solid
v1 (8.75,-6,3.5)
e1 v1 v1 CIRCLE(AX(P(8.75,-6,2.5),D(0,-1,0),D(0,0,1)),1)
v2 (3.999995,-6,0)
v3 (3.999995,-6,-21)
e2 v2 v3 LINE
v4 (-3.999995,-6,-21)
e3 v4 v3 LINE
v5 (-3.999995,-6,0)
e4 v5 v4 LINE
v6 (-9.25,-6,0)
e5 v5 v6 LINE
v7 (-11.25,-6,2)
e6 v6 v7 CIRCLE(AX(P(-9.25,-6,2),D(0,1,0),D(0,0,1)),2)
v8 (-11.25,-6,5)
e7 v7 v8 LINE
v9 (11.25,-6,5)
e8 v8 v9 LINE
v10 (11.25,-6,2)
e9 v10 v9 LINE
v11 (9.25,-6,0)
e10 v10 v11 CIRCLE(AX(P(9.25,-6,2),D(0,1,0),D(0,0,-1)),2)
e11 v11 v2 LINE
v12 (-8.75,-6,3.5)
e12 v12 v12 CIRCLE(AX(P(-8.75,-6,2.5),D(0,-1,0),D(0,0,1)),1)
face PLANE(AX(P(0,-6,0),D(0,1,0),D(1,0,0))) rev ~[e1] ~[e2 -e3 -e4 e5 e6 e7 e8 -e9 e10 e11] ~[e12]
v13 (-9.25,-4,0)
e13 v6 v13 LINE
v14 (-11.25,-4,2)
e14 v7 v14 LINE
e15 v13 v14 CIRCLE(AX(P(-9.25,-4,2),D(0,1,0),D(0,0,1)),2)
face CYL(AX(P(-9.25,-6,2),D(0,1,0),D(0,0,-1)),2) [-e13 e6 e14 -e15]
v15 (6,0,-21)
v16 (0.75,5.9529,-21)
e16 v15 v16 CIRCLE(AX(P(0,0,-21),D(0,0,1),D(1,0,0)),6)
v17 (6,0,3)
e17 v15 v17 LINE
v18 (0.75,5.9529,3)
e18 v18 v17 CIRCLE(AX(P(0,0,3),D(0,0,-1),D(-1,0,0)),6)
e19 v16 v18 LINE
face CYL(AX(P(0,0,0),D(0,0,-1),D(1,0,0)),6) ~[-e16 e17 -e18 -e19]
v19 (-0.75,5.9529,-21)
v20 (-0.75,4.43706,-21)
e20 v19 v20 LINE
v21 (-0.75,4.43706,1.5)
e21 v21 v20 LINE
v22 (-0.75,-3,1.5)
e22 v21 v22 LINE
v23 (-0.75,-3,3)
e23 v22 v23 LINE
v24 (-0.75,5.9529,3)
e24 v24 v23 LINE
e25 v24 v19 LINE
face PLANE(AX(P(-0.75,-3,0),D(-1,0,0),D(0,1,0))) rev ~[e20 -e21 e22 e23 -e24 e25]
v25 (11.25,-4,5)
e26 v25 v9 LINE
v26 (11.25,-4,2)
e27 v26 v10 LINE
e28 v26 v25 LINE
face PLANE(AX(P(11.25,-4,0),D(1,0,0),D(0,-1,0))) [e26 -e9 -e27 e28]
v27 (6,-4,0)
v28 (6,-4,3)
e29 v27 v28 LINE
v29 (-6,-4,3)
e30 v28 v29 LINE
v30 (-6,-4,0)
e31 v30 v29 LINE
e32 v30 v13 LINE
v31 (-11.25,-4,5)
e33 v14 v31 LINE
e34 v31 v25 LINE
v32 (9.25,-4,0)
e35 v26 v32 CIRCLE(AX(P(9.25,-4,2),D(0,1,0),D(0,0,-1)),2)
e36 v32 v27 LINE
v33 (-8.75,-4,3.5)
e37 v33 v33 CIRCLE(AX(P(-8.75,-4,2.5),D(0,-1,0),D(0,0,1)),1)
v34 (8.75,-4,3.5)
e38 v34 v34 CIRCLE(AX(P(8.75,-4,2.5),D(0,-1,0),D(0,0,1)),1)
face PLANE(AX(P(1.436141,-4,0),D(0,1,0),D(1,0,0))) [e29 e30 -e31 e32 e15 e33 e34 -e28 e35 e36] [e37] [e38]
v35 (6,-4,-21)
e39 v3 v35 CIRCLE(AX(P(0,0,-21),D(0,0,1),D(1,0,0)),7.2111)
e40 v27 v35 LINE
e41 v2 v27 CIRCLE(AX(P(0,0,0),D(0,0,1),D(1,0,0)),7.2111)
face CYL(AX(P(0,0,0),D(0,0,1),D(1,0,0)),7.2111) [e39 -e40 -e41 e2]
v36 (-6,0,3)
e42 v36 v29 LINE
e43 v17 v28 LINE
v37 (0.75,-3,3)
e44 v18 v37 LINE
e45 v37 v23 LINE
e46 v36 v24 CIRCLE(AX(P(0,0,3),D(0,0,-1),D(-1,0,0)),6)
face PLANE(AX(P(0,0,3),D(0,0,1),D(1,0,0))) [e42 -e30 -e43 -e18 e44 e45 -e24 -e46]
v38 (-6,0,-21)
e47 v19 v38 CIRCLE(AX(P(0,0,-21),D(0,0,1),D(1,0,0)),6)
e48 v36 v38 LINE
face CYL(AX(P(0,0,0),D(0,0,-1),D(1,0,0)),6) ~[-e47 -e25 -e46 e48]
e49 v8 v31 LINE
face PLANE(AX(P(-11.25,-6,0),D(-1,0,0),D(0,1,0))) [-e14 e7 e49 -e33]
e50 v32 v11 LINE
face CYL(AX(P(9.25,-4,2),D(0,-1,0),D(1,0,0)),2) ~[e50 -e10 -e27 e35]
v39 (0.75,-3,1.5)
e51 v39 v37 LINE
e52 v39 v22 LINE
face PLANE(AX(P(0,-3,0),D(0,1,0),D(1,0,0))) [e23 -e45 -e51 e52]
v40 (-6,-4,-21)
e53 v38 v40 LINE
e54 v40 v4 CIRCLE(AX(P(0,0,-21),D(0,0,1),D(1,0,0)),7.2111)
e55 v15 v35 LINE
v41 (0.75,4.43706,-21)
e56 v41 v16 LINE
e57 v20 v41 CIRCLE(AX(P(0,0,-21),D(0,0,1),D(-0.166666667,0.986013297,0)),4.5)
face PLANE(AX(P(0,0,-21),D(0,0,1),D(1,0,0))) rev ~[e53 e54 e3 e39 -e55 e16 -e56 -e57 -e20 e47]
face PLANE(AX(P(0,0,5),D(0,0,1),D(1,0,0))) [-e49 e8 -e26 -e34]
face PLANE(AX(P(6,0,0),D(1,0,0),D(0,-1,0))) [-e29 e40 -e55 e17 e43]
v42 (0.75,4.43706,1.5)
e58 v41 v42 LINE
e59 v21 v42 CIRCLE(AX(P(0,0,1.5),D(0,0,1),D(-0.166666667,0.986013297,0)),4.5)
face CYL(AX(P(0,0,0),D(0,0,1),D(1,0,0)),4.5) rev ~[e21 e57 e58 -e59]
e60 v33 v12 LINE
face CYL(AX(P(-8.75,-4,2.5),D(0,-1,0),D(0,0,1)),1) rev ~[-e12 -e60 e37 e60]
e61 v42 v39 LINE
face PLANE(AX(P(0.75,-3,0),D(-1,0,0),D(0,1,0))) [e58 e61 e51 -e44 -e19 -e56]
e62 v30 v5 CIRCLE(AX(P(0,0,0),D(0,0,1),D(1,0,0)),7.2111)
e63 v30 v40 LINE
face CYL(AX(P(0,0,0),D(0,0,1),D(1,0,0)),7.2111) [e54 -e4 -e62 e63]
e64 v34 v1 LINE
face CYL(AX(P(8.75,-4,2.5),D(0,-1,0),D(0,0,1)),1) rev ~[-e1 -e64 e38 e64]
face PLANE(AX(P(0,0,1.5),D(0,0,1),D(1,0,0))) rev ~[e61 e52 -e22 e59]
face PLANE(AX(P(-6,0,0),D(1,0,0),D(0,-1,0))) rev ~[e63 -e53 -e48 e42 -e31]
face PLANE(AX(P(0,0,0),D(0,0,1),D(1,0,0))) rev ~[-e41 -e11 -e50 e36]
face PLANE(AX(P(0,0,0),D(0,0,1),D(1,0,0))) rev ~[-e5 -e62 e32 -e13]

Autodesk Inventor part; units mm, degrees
ref_plane "YZ Plane" through (0, 0, 0) normal (1, 0, 0) x (0, 1, 0)
ref_plane "XZ Plane" through (0, 0, 0) normal (0, 1, 0) x (-1, 0, 0)
ref_plane "XY Plane" through (0, 0, 0) normal (0, 0, 1) x (1, 0, 0)
sketch "スケッチ1" plane through (0, 0, 0) normal (0, 0, 1) x (1, 0, 0)
  circle A0 centre (0, 0) radius 4.25
  circle A1 centre (0, 0) radius 4.5
  circle A2 centre (0, 0) radius 5
  line L0 (0, -5) -> (0, -6)
  line L1 (0, -6) -> (8.75, -6)
  line L2 (8.75, -6) -> (-8.75, -6)
  line L3 (0, -6) -> (11.25, -6)
  line L4 (11.25, -6) -> (-11.25, -6)
  line L5 (-11.25, -6) -> (-11.25, -4)
  line L6 (-11.25, -4) -> (11.25, -4)
  line L7 (11.25, -4) -> (11.25, -6)
  circle A3 centre (0, 0) radius 6
  line L8 (-6, 0) -> (-6, -4)
  line L9 (6, 0) -> (6, -4)
  circle A4 centre (0, 0) radius 7.2111
  line L10 (0, 0) -> (0, -3)
  line L11 (0, -3) -> (0, 7.2111)
  line L12 (0, -3) -> (0.75, -3)
  line L13 (0.75, -3) -> (-0.75, -3)
  line L14 (-0.75, -3) -> (-0.75, 5.9529)
  line L15 (0.75, -3) -> (0.75, 5.9529)
  point P0 (4.4721, -4)
  point P1 (-4.4721, -4)
  point P2 (4, -6)
  point P3 (-4, -6)
  point P4 (-0.75, 4.4371)
  point P5 (0.75, 4.4371)
  dimension "d2" = 10
  dimension "d0" = 8.5
  dimension "d1" = 9
  dimension "d3" = 1
  dimension "d4" = 8.75
  dimension "d5" = 17.5
  dimension "d6" = 11.25
  dimension "d7" = 22.5
  dimension "d8" = 2
  dimension "d9" = 12
  dimension "d18" = 3
  dimension "d19" = 0.75
  dimension "d20" = 1.5
extrude "押し出し1" add sketch "スケッチ1" along normal blind 5 contours L6 A1 A0 | A0 L6 | L6 A2 A1 | L6 A3 L0 A2 | A2 L0 A3 L6 | L6 A4 L1 A3 | A3 L2 A4 L6 | L6 L7 L3 L1 A4 | A4 L2 L4 L5 L6
extrude "押し出し2" add sketch "スケッチ1" along normal blind 3 contours A0 L6 L14 L13 L12 L15 | A0 L15 A1 L6 | L15 L12 L10 L11 A0 | A0 L11 A1 L15 | L6 A1 A0 | A0 L6 | L11 L10 L13 L14 A0 | A0 L14 A1 L11 | L15 A2 L6 A1 | A1 L11 A2 L15 | L6 A1 L14 A0 | L6 A2 A1 | A1 L14 A2 L11 | L15 A3 L6 A2 | A2 L11 A3 L15 | L6 A2 L14 A1 | L6 A3 L0 A2 | A2 L14 A3 L11 | L6 A3 L14 A2 | A2 L0 A3 L6 | A3 L9 L6 | L6 L8 A3
extrude "押し出し3" add sketch "スケッチ1" against normal blind 21 contours L15 A2 L6 A1 | A1 L11 A2 L15 | L6 A2 A1 | A1 L14 A2 L11 | L15 A3 L6 A2 | A2 L11 A3 L15 | L6 A2 L14 A1 | L6 A3 L0 A2 | A2 L14 A3 L11 | L6 A3 L14 A2 | A2 L0 A3 L6 | A3 L9 L6 | L6 A4 L1 A3 | A3 L2 A4 L6 | L6 L8 A3
extrude "押し出し4" cut sketch "スケッチ1" along normal blind 1.5 contours A0 L6 L14 L13 L12 L15 | A0 L15 A1 L6 | L15 L12 L10 L11 A0 | A0 L11 A1 L15 | L6 A1 A0 | A0 L6 | L11 L10 L13 L14 A0 | A0 L14 A1 L11 | L6 A1 L14 A0
extrude "押し出し5" cut sketch "スケッチ1" along normal blind 3 contours L15 L12 L10 L11 A0 | A0 L11 A1 L15 | L11 L10 L13 L14 A0 | A0 L14 A1 L11 | A1 L11 A2 L15 | A1 L14 A2 L11 | A2 L11 A3 L15 | A2 L14 A3 L11
extrude "押し出し6" cut sketch "スケッチ1" against normal blind 21 contours A1 L11 A2 L15 | A1 L14 A2 L11 | A2 L11 A3 L15 | A2 L14 A3 L11
sketch "スケッチ2" plane through (-11.25, -4, 5) normal (0, 1, 0) x (1, 0, 0)
  line L0 (22.5, 0) -> (0, 0) projected
  line L1 (0, 0) -> (0, 2.5)
  line L2 (0, 5) -> (0, 0) projected
  line L3 (0, 2.5) -> (22.5, 2.5)
  line L4 (22.5, 5) -> (22.5, 0) projected
  line L5 (22.5, 2.5) -> (20, 2.5)
  line L6 (20, 2.5) -> (2.5, 2.5)
  point P0 (11.25, 5)
  dimension "d25" = 2.5
  dimension "d26" = 17.5
hole "穴1" at (-8.75, -4, 2.5) at (8.75, -4, 2.5) direction (0, -1, 0) diameter 2 end through all
fillet "フィレット1" radius 2 2 edges at (-11.25, -5, 0) (11.25, -5, 0)
properties part number "motor cover1"
